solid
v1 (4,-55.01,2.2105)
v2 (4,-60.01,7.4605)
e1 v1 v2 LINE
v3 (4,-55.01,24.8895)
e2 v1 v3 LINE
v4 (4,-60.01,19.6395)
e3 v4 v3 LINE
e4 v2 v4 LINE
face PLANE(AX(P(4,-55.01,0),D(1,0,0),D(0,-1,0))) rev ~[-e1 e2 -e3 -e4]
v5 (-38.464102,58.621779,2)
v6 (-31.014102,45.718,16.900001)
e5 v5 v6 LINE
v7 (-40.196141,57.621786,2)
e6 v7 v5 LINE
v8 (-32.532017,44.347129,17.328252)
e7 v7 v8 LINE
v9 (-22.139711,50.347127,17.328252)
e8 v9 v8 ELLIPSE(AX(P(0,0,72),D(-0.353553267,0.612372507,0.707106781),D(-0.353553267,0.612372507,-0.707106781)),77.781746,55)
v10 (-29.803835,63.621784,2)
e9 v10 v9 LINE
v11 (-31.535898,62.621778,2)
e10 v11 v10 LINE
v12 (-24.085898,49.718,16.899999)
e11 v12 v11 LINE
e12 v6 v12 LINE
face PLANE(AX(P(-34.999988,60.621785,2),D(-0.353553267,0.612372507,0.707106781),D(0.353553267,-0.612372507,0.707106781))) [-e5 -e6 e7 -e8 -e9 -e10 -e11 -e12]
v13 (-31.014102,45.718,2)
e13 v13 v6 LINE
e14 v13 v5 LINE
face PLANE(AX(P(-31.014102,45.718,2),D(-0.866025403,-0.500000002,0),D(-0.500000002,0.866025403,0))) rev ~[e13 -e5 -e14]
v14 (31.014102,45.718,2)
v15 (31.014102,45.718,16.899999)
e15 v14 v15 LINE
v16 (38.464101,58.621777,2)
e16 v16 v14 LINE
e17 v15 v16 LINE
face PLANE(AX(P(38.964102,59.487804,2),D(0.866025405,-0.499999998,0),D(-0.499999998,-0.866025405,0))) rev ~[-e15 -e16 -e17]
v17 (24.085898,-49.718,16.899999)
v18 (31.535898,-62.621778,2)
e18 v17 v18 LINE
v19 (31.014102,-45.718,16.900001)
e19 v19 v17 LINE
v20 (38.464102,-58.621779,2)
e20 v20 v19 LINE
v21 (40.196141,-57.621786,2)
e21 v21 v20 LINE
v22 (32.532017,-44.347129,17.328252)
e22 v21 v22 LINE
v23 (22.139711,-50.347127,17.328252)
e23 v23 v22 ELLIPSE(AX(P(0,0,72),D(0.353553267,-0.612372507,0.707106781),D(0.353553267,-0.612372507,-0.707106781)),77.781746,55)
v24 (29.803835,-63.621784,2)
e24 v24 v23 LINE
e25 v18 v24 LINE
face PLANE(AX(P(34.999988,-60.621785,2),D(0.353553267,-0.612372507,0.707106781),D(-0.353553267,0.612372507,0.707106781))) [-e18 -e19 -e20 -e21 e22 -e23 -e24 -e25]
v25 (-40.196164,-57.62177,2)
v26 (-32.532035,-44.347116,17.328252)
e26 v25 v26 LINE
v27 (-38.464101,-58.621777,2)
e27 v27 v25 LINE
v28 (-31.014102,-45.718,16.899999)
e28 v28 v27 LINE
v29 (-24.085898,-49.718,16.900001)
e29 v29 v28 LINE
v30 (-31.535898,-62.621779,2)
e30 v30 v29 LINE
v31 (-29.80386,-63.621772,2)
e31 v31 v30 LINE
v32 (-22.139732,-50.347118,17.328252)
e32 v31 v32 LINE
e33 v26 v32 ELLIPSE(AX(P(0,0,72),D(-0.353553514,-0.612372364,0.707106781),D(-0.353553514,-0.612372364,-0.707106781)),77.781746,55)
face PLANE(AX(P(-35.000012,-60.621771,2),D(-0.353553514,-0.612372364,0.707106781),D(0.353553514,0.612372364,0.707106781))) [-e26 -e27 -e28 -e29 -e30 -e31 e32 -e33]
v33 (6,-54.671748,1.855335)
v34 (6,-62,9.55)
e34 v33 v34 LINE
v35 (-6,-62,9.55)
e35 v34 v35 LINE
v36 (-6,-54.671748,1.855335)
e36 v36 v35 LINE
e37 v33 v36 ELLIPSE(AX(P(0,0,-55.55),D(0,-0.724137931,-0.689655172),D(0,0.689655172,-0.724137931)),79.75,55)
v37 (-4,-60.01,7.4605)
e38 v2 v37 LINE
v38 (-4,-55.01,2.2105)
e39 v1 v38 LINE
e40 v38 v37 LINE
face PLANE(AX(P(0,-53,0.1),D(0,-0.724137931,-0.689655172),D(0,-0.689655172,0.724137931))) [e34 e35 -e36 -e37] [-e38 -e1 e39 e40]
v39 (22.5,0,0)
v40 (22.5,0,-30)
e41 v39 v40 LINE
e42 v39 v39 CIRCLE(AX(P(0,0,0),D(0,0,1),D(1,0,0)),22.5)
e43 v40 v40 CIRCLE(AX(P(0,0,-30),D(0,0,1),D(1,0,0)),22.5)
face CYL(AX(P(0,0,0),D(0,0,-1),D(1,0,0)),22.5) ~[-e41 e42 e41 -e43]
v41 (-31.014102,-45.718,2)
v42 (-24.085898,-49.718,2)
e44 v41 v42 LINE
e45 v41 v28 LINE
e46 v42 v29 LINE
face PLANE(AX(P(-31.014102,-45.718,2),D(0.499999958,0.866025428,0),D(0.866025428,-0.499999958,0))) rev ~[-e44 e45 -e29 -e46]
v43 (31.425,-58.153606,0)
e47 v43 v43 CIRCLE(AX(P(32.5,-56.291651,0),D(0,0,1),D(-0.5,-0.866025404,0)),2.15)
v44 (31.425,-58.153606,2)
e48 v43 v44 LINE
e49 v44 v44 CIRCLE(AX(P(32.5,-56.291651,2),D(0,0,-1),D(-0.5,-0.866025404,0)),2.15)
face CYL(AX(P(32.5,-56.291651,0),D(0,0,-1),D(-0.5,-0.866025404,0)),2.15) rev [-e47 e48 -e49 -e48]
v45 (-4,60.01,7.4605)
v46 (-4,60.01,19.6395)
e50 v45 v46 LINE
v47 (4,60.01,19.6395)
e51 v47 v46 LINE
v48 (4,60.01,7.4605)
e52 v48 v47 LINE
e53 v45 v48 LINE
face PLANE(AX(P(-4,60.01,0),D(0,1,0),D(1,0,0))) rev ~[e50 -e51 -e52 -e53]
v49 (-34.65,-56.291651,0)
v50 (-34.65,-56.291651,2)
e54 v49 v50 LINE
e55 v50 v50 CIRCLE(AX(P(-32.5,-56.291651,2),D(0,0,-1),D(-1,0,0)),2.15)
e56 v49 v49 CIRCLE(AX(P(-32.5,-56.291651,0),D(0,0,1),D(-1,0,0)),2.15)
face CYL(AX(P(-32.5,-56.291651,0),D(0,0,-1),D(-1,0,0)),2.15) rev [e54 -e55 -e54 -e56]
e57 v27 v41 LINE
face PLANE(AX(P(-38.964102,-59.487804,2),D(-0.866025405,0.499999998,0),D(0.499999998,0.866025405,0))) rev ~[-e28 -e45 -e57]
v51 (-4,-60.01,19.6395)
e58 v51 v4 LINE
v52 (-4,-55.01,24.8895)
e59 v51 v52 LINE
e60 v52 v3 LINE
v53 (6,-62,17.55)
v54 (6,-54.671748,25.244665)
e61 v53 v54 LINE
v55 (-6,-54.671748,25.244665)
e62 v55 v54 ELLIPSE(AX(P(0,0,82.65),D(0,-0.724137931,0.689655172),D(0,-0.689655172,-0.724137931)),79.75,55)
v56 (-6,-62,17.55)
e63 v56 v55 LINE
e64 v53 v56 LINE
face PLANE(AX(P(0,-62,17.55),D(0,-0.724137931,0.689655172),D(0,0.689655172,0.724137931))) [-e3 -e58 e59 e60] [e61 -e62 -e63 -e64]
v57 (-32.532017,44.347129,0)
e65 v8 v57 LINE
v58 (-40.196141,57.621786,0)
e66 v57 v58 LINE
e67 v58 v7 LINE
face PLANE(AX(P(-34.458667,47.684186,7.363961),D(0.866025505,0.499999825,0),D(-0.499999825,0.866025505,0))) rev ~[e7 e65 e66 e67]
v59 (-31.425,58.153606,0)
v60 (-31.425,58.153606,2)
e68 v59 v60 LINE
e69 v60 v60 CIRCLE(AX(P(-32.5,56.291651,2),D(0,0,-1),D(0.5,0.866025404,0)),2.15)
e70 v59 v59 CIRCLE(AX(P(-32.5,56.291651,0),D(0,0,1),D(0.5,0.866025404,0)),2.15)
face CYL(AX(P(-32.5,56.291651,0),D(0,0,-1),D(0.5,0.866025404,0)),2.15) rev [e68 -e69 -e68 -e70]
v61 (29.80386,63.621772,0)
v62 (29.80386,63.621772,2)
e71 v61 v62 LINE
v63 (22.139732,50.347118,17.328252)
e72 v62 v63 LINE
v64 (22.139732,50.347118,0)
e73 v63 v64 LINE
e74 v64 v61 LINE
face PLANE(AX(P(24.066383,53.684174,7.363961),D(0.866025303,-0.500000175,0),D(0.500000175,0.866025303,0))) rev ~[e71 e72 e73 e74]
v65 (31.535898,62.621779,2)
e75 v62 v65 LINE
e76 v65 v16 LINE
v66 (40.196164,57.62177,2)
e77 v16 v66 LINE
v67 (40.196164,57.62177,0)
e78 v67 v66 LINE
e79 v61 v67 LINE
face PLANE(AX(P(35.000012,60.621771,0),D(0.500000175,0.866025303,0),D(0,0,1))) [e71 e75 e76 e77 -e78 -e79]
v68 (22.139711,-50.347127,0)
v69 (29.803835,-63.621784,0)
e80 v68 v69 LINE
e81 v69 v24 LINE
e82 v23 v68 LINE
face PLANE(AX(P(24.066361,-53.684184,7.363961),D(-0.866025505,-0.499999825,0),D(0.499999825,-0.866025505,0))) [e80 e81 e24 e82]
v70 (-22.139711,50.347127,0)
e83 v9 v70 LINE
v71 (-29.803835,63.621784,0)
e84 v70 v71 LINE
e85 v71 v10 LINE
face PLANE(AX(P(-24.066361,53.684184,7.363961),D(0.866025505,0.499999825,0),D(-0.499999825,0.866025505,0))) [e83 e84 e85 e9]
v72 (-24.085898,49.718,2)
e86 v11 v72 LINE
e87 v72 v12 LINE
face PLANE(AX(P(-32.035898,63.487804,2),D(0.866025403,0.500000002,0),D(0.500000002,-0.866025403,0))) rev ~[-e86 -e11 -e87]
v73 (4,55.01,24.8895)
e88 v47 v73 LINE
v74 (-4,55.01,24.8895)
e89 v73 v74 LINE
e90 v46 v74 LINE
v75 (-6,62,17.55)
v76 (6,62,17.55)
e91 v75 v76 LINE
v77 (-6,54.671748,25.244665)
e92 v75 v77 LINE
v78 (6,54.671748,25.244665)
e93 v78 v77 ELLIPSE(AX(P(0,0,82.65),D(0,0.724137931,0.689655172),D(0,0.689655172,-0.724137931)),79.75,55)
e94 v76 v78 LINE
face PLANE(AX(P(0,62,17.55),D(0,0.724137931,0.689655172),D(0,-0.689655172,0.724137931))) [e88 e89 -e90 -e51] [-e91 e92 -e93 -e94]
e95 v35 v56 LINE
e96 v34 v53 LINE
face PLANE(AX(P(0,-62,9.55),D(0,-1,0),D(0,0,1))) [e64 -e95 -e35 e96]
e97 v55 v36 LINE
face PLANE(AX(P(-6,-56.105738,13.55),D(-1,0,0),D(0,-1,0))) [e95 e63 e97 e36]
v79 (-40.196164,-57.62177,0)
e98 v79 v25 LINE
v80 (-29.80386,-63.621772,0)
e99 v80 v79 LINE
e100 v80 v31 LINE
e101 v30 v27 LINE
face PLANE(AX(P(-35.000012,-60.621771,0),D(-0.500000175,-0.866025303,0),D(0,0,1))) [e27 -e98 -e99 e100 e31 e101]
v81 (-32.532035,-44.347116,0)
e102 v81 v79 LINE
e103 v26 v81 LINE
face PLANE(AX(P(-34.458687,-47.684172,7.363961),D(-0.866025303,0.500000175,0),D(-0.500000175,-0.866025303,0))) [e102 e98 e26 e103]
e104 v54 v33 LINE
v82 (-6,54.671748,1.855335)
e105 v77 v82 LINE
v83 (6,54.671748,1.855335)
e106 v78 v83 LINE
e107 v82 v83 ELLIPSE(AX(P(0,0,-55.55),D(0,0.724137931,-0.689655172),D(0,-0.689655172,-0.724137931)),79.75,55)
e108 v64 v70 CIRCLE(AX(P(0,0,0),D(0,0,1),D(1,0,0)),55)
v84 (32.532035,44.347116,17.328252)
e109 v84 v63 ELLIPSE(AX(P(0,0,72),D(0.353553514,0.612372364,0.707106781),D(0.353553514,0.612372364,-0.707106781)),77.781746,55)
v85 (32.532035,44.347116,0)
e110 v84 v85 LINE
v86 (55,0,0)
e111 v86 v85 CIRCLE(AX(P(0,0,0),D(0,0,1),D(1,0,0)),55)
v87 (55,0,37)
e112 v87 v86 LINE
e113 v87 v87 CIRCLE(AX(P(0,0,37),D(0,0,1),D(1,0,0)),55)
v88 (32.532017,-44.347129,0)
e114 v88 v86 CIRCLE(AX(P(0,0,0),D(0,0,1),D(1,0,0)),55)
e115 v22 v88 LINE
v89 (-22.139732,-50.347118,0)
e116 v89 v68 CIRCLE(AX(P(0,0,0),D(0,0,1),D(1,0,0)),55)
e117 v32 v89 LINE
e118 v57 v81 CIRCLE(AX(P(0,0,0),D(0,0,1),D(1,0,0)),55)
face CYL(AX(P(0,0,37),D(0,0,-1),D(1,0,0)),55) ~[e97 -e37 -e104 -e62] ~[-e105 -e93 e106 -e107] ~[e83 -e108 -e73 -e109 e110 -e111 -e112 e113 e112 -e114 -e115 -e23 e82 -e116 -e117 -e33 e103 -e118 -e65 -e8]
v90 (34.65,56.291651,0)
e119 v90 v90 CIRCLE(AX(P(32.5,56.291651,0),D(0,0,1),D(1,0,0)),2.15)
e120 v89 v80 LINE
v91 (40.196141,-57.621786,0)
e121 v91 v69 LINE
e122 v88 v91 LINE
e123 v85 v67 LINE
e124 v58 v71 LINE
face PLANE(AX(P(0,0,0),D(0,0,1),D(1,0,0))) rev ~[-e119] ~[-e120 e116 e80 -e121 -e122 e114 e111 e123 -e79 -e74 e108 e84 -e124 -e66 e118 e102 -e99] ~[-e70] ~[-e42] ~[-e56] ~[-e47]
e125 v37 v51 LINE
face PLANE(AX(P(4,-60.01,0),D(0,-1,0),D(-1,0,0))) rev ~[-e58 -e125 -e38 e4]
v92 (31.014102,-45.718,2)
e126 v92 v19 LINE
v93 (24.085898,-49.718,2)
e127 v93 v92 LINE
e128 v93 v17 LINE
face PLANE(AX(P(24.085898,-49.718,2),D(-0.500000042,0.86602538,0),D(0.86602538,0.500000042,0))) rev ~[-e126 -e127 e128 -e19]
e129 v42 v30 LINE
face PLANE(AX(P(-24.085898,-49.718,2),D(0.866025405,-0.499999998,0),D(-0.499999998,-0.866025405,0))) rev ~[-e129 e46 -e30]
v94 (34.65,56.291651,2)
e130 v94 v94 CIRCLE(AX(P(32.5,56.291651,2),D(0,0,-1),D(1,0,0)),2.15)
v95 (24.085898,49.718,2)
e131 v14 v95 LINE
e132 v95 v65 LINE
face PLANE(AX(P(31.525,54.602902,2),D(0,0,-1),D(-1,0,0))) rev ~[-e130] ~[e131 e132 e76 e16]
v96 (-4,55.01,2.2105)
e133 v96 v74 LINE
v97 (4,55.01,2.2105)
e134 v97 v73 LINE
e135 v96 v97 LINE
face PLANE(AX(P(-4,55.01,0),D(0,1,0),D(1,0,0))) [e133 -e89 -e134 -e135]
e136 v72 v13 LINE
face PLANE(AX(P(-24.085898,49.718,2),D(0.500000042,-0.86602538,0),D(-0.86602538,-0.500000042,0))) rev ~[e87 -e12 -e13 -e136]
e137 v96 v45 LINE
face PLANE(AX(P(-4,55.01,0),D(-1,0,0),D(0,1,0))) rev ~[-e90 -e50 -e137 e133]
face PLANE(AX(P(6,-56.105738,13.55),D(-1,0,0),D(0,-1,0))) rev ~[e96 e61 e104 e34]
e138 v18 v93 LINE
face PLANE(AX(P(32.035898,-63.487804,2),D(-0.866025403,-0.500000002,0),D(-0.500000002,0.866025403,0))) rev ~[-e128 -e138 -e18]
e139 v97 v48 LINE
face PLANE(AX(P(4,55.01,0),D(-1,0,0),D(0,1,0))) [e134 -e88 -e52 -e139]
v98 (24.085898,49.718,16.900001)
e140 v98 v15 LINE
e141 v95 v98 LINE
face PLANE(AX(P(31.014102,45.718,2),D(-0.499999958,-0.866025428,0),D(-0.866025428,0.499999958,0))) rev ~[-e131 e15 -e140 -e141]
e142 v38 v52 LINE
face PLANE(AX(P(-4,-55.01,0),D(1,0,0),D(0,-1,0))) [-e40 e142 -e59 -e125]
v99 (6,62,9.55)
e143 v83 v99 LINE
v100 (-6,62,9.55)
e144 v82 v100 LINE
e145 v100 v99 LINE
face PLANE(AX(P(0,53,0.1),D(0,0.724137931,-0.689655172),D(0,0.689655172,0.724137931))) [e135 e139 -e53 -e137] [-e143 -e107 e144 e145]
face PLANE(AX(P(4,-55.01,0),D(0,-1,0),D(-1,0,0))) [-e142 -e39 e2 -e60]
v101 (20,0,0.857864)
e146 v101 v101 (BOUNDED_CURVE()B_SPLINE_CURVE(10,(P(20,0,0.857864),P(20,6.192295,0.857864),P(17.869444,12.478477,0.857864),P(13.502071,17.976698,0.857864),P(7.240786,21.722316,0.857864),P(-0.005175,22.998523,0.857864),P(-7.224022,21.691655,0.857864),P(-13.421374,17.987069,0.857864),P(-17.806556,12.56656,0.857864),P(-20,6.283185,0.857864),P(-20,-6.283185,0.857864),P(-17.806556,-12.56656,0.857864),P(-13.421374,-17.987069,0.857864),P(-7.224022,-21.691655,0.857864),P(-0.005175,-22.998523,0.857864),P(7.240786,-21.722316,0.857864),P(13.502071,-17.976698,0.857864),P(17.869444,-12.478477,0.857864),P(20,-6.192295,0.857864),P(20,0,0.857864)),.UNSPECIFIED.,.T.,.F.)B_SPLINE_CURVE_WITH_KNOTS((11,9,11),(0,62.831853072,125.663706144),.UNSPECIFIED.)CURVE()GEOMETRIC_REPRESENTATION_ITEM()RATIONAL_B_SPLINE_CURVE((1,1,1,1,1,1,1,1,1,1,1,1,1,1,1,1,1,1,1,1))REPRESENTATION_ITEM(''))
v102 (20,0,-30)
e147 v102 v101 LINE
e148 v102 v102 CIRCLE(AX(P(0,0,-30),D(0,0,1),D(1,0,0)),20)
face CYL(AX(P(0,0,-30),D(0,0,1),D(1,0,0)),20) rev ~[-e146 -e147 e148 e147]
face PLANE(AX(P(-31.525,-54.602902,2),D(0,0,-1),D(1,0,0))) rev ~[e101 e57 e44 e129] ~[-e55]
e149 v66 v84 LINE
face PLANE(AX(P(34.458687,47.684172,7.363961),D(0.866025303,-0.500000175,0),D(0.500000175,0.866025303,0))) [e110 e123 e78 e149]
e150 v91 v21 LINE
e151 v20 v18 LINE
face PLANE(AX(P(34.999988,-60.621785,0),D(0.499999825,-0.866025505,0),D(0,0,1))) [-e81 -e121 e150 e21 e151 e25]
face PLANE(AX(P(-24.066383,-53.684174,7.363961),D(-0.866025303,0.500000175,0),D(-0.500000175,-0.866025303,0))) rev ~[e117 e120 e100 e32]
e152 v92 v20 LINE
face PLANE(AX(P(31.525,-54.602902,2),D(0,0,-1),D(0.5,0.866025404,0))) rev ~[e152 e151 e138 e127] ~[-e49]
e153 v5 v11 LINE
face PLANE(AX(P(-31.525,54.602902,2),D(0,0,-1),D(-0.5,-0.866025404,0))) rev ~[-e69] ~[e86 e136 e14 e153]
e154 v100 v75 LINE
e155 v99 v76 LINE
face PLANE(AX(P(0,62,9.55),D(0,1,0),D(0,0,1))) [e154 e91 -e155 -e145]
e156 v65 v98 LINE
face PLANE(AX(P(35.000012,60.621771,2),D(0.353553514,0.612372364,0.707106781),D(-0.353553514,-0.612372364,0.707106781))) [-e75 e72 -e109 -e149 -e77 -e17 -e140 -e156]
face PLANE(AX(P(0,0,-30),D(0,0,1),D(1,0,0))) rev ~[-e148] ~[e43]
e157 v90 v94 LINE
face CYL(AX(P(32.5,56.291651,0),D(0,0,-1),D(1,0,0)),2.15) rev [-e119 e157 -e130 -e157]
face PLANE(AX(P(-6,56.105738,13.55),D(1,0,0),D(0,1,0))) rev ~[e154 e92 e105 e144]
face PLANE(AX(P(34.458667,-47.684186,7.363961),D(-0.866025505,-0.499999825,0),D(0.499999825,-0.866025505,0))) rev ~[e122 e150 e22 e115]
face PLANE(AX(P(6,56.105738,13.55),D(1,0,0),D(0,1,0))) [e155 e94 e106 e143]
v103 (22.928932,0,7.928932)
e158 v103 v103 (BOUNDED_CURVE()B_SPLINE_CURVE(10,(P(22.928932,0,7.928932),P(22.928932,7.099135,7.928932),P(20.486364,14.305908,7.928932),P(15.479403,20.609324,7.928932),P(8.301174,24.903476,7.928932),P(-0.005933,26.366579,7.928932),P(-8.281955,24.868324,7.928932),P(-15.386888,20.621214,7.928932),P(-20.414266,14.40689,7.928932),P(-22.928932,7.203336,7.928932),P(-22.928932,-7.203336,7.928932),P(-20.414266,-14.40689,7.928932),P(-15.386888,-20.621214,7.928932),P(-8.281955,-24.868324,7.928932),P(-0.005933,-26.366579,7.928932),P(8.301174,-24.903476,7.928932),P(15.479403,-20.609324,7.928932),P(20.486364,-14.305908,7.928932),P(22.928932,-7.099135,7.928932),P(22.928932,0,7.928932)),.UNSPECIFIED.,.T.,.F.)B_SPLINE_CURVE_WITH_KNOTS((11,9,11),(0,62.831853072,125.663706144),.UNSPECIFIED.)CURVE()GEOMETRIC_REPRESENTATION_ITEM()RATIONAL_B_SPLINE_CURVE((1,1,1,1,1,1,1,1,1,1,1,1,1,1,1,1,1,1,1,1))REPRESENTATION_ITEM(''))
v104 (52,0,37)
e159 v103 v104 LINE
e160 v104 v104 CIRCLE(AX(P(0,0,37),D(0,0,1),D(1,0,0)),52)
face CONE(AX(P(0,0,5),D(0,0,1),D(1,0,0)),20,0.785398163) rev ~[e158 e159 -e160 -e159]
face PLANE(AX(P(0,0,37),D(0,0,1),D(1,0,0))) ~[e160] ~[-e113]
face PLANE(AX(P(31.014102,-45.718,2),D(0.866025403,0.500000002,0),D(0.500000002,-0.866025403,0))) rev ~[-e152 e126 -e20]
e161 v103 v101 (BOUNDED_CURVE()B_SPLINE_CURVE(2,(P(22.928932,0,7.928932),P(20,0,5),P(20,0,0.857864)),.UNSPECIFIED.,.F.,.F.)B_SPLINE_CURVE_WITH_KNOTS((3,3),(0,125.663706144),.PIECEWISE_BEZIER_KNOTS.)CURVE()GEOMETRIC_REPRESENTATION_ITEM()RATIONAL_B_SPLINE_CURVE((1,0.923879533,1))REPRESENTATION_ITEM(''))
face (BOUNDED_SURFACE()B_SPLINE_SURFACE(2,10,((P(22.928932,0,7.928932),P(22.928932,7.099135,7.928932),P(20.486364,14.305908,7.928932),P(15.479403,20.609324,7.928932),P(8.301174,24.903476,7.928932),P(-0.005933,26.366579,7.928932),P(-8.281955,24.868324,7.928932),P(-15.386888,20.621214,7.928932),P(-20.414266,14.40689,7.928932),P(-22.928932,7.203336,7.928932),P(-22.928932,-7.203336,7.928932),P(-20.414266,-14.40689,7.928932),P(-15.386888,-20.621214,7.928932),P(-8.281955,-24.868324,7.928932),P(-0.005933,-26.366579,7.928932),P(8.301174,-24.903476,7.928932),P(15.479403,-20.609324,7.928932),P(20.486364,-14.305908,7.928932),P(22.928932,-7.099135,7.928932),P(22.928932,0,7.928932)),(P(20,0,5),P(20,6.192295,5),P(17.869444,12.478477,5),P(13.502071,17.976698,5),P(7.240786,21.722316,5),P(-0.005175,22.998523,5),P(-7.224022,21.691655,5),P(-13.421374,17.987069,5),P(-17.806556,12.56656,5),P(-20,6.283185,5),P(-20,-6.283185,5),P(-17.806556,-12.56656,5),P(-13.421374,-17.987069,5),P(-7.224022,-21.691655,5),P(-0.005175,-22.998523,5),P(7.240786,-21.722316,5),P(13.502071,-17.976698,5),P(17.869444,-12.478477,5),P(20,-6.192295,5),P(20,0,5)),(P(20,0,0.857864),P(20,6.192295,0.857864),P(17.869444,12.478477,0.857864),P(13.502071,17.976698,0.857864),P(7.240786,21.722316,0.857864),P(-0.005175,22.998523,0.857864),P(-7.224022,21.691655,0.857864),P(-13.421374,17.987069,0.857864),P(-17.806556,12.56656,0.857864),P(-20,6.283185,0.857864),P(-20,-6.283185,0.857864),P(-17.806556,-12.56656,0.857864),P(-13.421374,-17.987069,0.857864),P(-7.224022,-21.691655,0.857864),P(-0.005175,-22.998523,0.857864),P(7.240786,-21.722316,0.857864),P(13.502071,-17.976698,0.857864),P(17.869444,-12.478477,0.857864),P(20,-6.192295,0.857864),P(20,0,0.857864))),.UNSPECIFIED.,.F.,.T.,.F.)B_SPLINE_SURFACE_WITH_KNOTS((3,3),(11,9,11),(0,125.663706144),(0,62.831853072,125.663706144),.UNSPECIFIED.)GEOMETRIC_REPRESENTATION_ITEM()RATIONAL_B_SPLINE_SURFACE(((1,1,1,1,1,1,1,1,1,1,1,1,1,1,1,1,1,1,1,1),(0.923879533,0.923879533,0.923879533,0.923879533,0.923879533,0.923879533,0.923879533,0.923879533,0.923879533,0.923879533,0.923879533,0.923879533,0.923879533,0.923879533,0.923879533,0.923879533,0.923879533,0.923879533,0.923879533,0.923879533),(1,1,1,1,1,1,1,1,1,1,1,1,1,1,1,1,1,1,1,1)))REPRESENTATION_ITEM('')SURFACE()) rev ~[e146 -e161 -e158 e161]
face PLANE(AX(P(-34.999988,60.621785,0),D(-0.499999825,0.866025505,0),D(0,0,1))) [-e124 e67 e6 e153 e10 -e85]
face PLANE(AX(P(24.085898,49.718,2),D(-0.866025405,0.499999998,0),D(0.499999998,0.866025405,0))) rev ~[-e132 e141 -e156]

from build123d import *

# Parameters (mm, degrees)
PAD_DEPTH             = 6
SKETCH003_W           = 8
SKETCH003_H           = 5
POCKET_DEPTH          = 385.012494
POLARPATTERN001_COUNT = 2
PAD001_DEPTH          = 6
POCKET001_DEPTH       = 394.833356
SKETCH006_R           = 2.15
POCKET002_DEPTH       = 396.833356
POLARPATTERN002_COUNT = 2
POLARPATTERN002_ANGLE = 60
POLARPATTERN003_COUNT = 2
POLARPATTERN004_COUNT = 2
POLARPATTERN004_ANGLE = 240
FILLET_R              = 10


with BuildPart() as part:
    # Sketch → Revolution (revolve)
    with BuildSketch(Plane.XZ):
        Polygon((55, 37), (55, 0), (22.5, 0), (22.5, -30), (20, -30), (20, 5), (52, 37), align=None)
    revolve(axis=Axis((0, 0, 0), (0, 0, 1)))

    # Sketch002 (on DatumPlane) → Pad (new body, symmetric)
    with BuildSketch(Plane.YZ):
        Polygon((53, 0.1), (62, 9.55), (62, 17.55), (53, 27), align=None)
    pad = extrude(amount=PAD_DEPTH, both=True)

    # Sketch003 → Pocket (cut, through all)
    with BuildSketch(Plane.XY):
        with Locations((0, 57.51)):
            Rectangle(SKETCH003_W, SKETCH003_H)
    pocket = extrude(amount=POCKET_DEPTH, mode=Mode.SUBTRACT)

    # PolarPattern001: Pad, Pocket ×2 about axis
    polarpattern001_axis = Axis((0, 0, 0), (0, 0, 1))
    for i in range(1, POLARPATTERN001_COUNT):
        add(pad.rotate(polarpattern001_axis, i * 360 / POLARPATTERN001_COUNT))
        add(pocket.rotate(polarpattern001_axis, i * 360 / POLARPATTERN001_COUNT), mode=Mode.SUBTRACT)

    # Sketch004 (on DatumPlane) → Pad001 (join, symmetric)
    with BuildSketch(Plane(origin=(0, 0, 0), x_dir=(0.5, 0.866025, 0), z_dir=(0.866025, -0.5, 0))):
        Polygon((52, 0), (70, 0), (70, 2), (52, 20), align=None)
    pad001 = extrude(amount=PAD001_DEPTH, both=True)

    # Sketch005 → Pocket001 (cut, through all)
    with BuildSketch(Plane.XY.offset(2)):
        Polygon((32.035898, 63.487804), (38.964102, 59.487804), (31.014102, 45.718), (24.085898, 49.718), align=None)
    pocket001 = extrude(amount=POCKET001_DEPTH, mode=Mode.SUBTRACT)

    # Sketch006 → Pocket002 (cut, through all)
    with BuildSketch(Plane.XY):
        with Locations((32.5, 56.291651)):
            Circle(SKETCH006_R)
    pocket002 = extrude(amount=POCKET002_DEPTH, mode=Mode.SUBTRACT)

    # PolarPattern002: Pad001, Pocket001, Pocket002 ×2 about axis
    polarpattern002_axis = Axis((0, 0, 0), (0, 0, 1))
    for i in range(1, POLARPATTERN002_COUNT):
        add(pad001.rotate(polarpattern002_axis, i * POLARPATTERN002_ANGLE / (POLARPATTERN002_COUNT - 1)))
        add(pocket001.rotate(polarpattern002_axis, i * POLARPATTERN002_ANGLE / (POLARPATTERN002_COUNT - 1)), mode=Mode.SUBTRACT)
        add(pocket002.rotate(polarpattern002_axis, i * POLARPATTERN002_ANGLE / (POLARPATTERN002_COUNT - 1)), mode=Mode.SUBTRACT)

    # PolarPattern003: Pad001, Pocket001, Pocket002 ×2 about axis
    polarpattern003_axis = Axis((0, 0, 0), (0, 0, 1))
    for i in range(1, POLARPATTERN003_COUNT):
        add(pad001.rotate(polarpattern003_axis, i * 360 / POLARPATTERN003_COUNT))
        add(pocket001.rotate(polarpattern003_axis, i * 360 / POLARPATTERN003_COUNT), mode=Mode.SUBTRACT)
        add(pocket002.rotate(polarpattern003_axis, i * 360 / POLARPATTERN003_COUNT), mode=Mode.SUBTRACT)

    # PolarPattern004: Pad001, Pocket001, Pocket002 ×2 about axis
    polarpattern004_axis = Axis((0, 0, 0), (0, 0, 1))
    for i in range(1, POLARPATTERN004_COUNT):
        add(pad001.rotate(polarpattern004_axis, i * POLARPATTERN004_ANGLE / (POLARPATTERN004_COUNT - 1)))
        add(pocket001.rotate(polarpattern004_axis, i * POLARPATTERN004_ANGLE / (POLARPATTERN004_COUNT - 1)), mode=Mode.SUBTRACT)
        add(pocket002.rotate(polarpattern004_axis, i * POLARPATTERN004_ANGLE / (POLARPATTERN004_COUNT - 1)), mode=Mode.SUBTRACT)

    # Fillet
    fillet_edges = [part.edges().sort_by_distance(p)[0] for p in [
        (-20, 0, 5),
    ]]
    fillet(fillet_edges, radius=FILLET_R)


solid = part.part
